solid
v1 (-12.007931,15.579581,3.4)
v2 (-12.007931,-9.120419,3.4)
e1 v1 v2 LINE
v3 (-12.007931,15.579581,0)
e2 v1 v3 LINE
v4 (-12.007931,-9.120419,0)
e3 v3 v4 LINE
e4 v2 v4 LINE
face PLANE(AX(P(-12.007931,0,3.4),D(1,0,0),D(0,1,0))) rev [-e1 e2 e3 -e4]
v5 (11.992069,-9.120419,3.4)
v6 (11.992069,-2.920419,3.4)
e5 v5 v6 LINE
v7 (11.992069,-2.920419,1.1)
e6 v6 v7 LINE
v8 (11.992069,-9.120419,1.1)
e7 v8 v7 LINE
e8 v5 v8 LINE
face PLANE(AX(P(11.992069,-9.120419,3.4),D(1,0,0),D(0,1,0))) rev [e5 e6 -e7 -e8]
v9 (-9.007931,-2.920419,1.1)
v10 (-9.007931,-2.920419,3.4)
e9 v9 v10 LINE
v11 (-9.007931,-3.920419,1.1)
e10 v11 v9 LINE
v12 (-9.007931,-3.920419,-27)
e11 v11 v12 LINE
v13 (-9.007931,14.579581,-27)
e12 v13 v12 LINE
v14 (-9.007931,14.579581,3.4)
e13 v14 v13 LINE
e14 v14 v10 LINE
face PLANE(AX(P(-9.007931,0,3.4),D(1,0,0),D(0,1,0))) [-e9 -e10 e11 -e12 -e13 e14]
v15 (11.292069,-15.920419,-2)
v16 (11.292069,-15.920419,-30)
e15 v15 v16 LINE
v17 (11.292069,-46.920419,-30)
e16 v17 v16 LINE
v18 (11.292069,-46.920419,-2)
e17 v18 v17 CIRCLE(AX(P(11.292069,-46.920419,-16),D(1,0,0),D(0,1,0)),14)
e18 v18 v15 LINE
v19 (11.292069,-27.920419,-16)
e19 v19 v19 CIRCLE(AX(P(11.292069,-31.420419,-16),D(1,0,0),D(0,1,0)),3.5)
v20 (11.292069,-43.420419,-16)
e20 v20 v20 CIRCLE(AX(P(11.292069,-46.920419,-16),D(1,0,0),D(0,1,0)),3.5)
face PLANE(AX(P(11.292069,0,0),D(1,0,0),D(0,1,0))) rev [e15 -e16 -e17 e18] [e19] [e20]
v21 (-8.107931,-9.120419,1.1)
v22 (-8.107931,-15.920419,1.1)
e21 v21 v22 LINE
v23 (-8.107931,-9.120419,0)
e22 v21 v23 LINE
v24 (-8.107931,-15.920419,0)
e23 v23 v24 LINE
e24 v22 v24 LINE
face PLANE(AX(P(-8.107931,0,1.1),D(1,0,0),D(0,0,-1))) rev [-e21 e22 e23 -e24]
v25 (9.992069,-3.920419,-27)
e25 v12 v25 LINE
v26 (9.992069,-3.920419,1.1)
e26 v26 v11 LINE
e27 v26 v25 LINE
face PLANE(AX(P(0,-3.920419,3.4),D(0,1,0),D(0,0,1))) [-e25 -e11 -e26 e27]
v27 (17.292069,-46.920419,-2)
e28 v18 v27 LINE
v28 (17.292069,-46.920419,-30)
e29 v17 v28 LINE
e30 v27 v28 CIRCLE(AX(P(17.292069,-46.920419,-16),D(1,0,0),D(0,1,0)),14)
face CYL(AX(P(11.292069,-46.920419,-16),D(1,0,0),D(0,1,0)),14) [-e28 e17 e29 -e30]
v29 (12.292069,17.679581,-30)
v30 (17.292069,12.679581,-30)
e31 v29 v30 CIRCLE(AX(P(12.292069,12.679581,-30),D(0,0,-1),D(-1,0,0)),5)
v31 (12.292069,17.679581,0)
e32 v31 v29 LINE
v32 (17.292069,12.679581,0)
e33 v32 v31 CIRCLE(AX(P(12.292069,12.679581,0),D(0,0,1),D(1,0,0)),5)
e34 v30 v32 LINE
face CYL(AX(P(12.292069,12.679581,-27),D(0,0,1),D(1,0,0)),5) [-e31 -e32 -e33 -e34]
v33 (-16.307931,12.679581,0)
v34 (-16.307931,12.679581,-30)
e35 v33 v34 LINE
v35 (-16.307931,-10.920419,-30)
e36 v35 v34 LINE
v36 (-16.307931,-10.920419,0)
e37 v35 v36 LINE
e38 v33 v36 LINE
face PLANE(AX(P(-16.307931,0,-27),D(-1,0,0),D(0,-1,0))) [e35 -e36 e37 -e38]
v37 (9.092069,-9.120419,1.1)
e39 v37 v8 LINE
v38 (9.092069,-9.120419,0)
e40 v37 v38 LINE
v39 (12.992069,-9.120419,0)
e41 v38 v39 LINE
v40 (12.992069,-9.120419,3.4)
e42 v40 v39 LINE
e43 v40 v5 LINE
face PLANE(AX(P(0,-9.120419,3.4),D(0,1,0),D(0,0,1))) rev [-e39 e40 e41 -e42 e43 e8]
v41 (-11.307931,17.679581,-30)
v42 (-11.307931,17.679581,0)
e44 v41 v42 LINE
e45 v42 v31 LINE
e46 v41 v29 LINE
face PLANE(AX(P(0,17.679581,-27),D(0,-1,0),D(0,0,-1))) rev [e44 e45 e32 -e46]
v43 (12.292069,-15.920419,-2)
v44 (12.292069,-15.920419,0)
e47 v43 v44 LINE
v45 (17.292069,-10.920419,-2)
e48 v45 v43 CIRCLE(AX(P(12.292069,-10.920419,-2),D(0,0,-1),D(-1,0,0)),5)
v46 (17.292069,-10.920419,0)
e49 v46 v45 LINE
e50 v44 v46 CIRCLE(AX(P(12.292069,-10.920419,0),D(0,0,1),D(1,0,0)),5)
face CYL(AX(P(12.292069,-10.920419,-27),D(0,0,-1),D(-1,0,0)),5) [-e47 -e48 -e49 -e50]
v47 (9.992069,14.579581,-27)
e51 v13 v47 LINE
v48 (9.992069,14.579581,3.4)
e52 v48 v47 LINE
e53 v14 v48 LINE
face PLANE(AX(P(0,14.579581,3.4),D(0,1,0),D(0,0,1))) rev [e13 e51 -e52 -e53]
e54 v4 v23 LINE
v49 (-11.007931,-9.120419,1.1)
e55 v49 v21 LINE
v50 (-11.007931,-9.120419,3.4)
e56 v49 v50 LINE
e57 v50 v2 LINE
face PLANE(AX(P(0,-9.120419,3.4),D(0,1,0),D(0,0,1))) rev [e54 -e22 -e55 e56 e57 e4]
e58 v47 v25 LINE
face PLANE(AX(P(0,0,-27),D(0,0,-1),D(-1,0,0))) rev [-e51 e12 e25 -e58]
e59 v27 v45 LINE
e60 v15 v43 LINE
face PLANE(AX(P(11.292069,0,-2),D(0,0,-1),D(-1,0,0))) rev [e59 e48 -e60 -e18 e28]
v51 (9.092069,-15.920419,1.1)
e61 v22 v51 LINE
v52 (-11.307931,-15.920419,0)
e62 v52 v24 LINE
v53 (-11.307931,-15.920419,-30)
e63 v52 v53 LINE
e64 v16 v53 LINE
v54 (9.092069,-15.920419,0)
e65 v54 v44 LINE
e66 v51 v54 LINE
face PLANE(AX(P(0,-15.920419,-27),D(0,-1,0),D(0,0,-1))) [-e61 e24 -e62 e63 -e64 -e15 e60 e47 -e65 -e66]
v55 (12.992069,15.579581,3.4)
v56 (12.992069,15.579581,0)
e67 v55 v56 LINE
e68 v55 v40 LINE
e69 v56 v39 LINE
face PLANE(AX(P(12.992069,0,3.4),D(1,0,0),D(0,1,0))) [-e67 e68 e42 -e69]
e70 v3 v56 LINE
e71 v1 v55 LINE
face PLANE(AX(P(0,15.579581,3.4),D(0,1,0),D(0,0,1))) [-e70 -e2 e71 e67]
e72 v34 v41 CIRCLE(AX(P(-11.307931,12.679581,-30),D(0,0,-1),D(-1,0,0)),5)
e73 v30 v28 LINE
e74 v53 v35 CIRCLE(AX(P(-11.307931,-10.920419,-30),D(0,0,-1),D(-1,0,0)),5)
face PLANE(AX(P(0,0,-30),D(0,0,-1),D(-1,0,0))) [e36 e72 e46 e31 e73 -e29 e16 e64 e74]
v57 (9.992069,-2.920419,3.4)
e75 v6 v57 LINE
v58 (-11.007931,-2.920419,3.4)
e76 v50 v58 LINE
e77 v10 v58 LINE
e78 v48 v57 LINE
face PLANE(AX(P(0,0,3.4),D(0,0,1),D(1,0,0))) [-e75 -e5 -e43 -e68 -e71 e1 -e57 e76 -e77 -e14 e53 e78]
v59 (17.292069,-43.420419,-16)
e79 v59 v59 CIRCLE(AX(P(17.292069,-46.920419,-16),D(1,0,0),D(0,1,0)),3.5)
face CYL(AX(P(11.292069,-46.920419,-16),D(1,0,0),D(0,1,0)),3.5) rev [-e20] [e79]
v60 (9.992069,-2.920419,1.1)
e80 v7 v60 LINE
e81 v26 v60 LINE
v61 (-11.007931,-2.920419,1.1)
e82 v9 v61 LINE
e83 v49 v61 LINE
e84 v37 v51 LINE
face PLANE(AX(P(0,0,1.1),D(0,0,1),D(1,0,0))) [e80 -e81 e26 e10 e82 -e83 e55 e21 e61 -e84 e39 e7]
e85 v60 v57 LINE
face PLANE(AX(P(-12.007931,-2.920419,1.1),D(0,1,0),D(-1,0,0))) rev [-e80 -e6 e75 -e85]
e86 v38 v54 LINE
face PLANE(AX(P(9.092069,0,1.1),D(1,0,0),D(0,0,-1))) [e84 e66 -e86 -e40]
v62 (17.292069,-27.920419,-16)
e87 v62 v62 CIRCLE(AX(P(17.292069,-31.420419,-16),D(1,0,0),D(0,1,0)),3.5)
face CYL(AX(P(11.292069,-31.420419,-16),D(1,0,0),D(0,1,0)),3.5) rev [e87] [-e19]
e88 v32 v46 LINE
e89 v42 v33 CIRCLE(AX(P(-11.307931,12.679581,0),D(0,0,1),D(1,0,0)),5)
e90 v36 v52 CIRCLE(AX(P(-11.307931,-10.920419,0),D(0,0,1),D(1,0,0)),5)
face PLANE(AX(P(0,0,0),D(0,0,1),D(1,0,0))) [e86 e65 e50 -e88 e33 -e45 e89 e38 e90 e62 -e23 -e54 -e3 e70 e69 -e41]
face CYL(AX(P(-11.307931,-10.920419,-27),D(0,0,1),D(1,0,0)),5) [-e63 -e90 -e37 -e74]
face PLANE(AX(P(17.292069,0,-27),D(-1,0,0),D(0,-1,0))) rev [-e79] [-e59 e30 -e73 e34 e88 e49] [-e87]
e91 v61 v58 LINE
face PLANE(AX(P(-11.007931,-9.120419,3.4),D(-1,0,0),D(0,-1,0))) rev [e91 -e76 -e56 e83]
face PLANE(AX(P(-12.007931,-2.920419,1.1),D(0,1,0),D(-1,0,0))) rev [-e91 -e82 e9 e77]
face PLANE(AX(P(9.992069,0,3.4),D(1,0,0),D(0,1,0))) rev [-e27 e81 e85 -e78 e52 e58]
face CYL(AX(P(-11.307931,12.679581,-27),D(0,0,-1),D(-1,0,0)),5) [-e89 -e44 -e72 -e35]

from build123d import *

# Parameters (mm, degrees)
SKETCH1_W           = 25
SKETCH1_H           = 24.7
SKETCH1_W_2         = 19
SKETCH1_H_2         = 18.5
BOSS_EXTRUDE1_DEPTH = 3.4
SKETCH1_3_W         = 33.6
SKETCH1_3_H         = 33.6
SKETCH1_3_W_2       = 19
SKETCH1_3_H_2       = 18.5
BOSS_EXTRUDE2_DEPTH = 27
SKETCH2_W           = 33.6
SKETCH2_H           = 33.6
BOSS_EXTRUDE3_DEPTH = 3
SKETCH3_R           = 3.5
BOSS_EXTRUDE4_DEPTH = 6
FILLET1_R           = 5
SKETCH4_W           = 18
SKETCH4_H           = 5.2
CUT_EXTRUDE1_DEPTH  = 2.3
SKETCH5_W           = 17.2
SKETCH5_H           = 6.8
BOSS_EXTRUDE5_DEPTH = 1.1
SKETCH6_W           = 25
SKETCH6_H           = 6.2
CUT_EXTRUDE2_DEPTH  = 2.3
SKETCH7_W           = 1
SKETCH7_H           = 2.3
BOSS_EXTRUDE6_DEPTH = 6.2


with BuildPart() as part:
    # Sketch1 → Boss-Extrude1 (new body)
    with BuildSketch(Plane.XY):
        with Locations((0.492069479, 3.229581152)):
            Rectangle(SKETCH1_W, SKETCH1_H)
        with Locations((0.492069479, 5.329581152)):
            Rectangle(SKETCH1_W_2, SKETCH1_H_2, mode=Mode.SUBTRACT)
    extrude(amount=BOSS_EXTRUDE1_DEPTH)

    # Sketch1<3> → Boss-Extrude2 (add)
    with BuildSketch(Plane.XY):
        with Locations((0.492069479, 0.879581152)):
            Rectangle(SKETCH1_3_W, SKETCH1_3_H)
        with Locations((0.492069479, 5.329581152)):
            Rectangle(SKETCH1_3_W_2, SKETCH1_3_H_2, mode=Mode.SUBTRACT)
    extrude(amount=-BOSS_EXTRUDE2_DEPTH)

    # Sketch2 → Boss-Extrude3 (add)
    with BuildSketch(Plane(origin=(0, 0, -27), x_dir=(-1, 0, 0), z_dir=(0, 0, -1))):
        with Locations((-0.492069479, 0.879581152)):
            Rectangle(SKETCH2_W, SKETCH2_H)
    extrude(amount=BOSS_EXTRUDE3_DEPTH)

    # Sketch3 → Boss-Extrude4 (add)
    with BuildSketch(Plane(origin=(17.292069479, 0, 0), x_dir=(0, 0, -1), z_dir=(1, 0, 0))):
        with BuildLine():
            Line((30, -46.920418848), (30, -15.920418848))
            Line((30, -15.920418848), (2, -15.920418848))
            Line((2, -15.920418848), (2, -46.920418848))
            ThreePointArc((2, -46.920418848), (16, -60.920418848), (30, -46.920418848))
        make_face()
        with Locations((16, -46.920418848)):
            Circle(SKETCH3_R, mode=Mode.SUBTRACT)
        with Locations((16, -31.420418848)):
            Circle(SKETCH3_R, mode=Mode.SUBTRACT)
    extrude(amount=-BOSS_EXTRUDE4_DEPTH)

    # Fillet1
    fillet1_edges = [part.edges().sort_by_distance(p)[0] for p in [
        (17.292069479, -15.920418848, -1),
        (-16.307930521, -15.920418848, -15),
        (17.292069479, 17.679581152, -15),
        (-16.307930521, 17.679581152, -15),
    ]]
    fillet(fillet1_edges, radius=FILLET1_R)

    # Sketch4 → Cut-Extrude1 (cut)
    with BuildSketch(Plane.XY.offset(3.4)):
        with Locations((0.492069479, -6.520418848)):
            Rectangle(SKETCH4_W, SKETCH4_H)
    extrude(amount=-CUT_EXTRUDE1_DEPTH, mode=Mode.SUBTRACT)

    # Sketch5 → Boss-Extrude5 (add)
    with BuildSketch(Plane.XY):
        with Locations((0.492069479, -12.520418848)):
            Rectangle(SKETCH5_W, SKETCH5_H)
    extrude(amount=BOSS_EXTRUDE5_DEPTH)

    # Sketch6 → Cut-Extrude2 (cut)
    with BuildSketch(Plane.XY.offset(3.4)):
        with Locations((0.492069479, -6.020418848)):
            Rectangle(SKETCH6_W, SKETCH6_H)
    extrude(amount=-CUT_EXTRUDE2_DEPTH, mode=Mode.SUBTRACT)

    # Sketch7 → Boss-Extrude6 (add)
    with BuildSketch(Plane.XZ.offset(2.920418848)):
        with Locations((-11.507930521, 2.25)):
            Rectangle(SKETCH7_W, SKETCH7_H)
        with Locations((12.492069479, 2.25)):
            Rectangle(SKETCH7_W, SKETCH7_H)
    extrude(amount=BOSS_EXTRUDE6_DEPTH)


solid = part.part
